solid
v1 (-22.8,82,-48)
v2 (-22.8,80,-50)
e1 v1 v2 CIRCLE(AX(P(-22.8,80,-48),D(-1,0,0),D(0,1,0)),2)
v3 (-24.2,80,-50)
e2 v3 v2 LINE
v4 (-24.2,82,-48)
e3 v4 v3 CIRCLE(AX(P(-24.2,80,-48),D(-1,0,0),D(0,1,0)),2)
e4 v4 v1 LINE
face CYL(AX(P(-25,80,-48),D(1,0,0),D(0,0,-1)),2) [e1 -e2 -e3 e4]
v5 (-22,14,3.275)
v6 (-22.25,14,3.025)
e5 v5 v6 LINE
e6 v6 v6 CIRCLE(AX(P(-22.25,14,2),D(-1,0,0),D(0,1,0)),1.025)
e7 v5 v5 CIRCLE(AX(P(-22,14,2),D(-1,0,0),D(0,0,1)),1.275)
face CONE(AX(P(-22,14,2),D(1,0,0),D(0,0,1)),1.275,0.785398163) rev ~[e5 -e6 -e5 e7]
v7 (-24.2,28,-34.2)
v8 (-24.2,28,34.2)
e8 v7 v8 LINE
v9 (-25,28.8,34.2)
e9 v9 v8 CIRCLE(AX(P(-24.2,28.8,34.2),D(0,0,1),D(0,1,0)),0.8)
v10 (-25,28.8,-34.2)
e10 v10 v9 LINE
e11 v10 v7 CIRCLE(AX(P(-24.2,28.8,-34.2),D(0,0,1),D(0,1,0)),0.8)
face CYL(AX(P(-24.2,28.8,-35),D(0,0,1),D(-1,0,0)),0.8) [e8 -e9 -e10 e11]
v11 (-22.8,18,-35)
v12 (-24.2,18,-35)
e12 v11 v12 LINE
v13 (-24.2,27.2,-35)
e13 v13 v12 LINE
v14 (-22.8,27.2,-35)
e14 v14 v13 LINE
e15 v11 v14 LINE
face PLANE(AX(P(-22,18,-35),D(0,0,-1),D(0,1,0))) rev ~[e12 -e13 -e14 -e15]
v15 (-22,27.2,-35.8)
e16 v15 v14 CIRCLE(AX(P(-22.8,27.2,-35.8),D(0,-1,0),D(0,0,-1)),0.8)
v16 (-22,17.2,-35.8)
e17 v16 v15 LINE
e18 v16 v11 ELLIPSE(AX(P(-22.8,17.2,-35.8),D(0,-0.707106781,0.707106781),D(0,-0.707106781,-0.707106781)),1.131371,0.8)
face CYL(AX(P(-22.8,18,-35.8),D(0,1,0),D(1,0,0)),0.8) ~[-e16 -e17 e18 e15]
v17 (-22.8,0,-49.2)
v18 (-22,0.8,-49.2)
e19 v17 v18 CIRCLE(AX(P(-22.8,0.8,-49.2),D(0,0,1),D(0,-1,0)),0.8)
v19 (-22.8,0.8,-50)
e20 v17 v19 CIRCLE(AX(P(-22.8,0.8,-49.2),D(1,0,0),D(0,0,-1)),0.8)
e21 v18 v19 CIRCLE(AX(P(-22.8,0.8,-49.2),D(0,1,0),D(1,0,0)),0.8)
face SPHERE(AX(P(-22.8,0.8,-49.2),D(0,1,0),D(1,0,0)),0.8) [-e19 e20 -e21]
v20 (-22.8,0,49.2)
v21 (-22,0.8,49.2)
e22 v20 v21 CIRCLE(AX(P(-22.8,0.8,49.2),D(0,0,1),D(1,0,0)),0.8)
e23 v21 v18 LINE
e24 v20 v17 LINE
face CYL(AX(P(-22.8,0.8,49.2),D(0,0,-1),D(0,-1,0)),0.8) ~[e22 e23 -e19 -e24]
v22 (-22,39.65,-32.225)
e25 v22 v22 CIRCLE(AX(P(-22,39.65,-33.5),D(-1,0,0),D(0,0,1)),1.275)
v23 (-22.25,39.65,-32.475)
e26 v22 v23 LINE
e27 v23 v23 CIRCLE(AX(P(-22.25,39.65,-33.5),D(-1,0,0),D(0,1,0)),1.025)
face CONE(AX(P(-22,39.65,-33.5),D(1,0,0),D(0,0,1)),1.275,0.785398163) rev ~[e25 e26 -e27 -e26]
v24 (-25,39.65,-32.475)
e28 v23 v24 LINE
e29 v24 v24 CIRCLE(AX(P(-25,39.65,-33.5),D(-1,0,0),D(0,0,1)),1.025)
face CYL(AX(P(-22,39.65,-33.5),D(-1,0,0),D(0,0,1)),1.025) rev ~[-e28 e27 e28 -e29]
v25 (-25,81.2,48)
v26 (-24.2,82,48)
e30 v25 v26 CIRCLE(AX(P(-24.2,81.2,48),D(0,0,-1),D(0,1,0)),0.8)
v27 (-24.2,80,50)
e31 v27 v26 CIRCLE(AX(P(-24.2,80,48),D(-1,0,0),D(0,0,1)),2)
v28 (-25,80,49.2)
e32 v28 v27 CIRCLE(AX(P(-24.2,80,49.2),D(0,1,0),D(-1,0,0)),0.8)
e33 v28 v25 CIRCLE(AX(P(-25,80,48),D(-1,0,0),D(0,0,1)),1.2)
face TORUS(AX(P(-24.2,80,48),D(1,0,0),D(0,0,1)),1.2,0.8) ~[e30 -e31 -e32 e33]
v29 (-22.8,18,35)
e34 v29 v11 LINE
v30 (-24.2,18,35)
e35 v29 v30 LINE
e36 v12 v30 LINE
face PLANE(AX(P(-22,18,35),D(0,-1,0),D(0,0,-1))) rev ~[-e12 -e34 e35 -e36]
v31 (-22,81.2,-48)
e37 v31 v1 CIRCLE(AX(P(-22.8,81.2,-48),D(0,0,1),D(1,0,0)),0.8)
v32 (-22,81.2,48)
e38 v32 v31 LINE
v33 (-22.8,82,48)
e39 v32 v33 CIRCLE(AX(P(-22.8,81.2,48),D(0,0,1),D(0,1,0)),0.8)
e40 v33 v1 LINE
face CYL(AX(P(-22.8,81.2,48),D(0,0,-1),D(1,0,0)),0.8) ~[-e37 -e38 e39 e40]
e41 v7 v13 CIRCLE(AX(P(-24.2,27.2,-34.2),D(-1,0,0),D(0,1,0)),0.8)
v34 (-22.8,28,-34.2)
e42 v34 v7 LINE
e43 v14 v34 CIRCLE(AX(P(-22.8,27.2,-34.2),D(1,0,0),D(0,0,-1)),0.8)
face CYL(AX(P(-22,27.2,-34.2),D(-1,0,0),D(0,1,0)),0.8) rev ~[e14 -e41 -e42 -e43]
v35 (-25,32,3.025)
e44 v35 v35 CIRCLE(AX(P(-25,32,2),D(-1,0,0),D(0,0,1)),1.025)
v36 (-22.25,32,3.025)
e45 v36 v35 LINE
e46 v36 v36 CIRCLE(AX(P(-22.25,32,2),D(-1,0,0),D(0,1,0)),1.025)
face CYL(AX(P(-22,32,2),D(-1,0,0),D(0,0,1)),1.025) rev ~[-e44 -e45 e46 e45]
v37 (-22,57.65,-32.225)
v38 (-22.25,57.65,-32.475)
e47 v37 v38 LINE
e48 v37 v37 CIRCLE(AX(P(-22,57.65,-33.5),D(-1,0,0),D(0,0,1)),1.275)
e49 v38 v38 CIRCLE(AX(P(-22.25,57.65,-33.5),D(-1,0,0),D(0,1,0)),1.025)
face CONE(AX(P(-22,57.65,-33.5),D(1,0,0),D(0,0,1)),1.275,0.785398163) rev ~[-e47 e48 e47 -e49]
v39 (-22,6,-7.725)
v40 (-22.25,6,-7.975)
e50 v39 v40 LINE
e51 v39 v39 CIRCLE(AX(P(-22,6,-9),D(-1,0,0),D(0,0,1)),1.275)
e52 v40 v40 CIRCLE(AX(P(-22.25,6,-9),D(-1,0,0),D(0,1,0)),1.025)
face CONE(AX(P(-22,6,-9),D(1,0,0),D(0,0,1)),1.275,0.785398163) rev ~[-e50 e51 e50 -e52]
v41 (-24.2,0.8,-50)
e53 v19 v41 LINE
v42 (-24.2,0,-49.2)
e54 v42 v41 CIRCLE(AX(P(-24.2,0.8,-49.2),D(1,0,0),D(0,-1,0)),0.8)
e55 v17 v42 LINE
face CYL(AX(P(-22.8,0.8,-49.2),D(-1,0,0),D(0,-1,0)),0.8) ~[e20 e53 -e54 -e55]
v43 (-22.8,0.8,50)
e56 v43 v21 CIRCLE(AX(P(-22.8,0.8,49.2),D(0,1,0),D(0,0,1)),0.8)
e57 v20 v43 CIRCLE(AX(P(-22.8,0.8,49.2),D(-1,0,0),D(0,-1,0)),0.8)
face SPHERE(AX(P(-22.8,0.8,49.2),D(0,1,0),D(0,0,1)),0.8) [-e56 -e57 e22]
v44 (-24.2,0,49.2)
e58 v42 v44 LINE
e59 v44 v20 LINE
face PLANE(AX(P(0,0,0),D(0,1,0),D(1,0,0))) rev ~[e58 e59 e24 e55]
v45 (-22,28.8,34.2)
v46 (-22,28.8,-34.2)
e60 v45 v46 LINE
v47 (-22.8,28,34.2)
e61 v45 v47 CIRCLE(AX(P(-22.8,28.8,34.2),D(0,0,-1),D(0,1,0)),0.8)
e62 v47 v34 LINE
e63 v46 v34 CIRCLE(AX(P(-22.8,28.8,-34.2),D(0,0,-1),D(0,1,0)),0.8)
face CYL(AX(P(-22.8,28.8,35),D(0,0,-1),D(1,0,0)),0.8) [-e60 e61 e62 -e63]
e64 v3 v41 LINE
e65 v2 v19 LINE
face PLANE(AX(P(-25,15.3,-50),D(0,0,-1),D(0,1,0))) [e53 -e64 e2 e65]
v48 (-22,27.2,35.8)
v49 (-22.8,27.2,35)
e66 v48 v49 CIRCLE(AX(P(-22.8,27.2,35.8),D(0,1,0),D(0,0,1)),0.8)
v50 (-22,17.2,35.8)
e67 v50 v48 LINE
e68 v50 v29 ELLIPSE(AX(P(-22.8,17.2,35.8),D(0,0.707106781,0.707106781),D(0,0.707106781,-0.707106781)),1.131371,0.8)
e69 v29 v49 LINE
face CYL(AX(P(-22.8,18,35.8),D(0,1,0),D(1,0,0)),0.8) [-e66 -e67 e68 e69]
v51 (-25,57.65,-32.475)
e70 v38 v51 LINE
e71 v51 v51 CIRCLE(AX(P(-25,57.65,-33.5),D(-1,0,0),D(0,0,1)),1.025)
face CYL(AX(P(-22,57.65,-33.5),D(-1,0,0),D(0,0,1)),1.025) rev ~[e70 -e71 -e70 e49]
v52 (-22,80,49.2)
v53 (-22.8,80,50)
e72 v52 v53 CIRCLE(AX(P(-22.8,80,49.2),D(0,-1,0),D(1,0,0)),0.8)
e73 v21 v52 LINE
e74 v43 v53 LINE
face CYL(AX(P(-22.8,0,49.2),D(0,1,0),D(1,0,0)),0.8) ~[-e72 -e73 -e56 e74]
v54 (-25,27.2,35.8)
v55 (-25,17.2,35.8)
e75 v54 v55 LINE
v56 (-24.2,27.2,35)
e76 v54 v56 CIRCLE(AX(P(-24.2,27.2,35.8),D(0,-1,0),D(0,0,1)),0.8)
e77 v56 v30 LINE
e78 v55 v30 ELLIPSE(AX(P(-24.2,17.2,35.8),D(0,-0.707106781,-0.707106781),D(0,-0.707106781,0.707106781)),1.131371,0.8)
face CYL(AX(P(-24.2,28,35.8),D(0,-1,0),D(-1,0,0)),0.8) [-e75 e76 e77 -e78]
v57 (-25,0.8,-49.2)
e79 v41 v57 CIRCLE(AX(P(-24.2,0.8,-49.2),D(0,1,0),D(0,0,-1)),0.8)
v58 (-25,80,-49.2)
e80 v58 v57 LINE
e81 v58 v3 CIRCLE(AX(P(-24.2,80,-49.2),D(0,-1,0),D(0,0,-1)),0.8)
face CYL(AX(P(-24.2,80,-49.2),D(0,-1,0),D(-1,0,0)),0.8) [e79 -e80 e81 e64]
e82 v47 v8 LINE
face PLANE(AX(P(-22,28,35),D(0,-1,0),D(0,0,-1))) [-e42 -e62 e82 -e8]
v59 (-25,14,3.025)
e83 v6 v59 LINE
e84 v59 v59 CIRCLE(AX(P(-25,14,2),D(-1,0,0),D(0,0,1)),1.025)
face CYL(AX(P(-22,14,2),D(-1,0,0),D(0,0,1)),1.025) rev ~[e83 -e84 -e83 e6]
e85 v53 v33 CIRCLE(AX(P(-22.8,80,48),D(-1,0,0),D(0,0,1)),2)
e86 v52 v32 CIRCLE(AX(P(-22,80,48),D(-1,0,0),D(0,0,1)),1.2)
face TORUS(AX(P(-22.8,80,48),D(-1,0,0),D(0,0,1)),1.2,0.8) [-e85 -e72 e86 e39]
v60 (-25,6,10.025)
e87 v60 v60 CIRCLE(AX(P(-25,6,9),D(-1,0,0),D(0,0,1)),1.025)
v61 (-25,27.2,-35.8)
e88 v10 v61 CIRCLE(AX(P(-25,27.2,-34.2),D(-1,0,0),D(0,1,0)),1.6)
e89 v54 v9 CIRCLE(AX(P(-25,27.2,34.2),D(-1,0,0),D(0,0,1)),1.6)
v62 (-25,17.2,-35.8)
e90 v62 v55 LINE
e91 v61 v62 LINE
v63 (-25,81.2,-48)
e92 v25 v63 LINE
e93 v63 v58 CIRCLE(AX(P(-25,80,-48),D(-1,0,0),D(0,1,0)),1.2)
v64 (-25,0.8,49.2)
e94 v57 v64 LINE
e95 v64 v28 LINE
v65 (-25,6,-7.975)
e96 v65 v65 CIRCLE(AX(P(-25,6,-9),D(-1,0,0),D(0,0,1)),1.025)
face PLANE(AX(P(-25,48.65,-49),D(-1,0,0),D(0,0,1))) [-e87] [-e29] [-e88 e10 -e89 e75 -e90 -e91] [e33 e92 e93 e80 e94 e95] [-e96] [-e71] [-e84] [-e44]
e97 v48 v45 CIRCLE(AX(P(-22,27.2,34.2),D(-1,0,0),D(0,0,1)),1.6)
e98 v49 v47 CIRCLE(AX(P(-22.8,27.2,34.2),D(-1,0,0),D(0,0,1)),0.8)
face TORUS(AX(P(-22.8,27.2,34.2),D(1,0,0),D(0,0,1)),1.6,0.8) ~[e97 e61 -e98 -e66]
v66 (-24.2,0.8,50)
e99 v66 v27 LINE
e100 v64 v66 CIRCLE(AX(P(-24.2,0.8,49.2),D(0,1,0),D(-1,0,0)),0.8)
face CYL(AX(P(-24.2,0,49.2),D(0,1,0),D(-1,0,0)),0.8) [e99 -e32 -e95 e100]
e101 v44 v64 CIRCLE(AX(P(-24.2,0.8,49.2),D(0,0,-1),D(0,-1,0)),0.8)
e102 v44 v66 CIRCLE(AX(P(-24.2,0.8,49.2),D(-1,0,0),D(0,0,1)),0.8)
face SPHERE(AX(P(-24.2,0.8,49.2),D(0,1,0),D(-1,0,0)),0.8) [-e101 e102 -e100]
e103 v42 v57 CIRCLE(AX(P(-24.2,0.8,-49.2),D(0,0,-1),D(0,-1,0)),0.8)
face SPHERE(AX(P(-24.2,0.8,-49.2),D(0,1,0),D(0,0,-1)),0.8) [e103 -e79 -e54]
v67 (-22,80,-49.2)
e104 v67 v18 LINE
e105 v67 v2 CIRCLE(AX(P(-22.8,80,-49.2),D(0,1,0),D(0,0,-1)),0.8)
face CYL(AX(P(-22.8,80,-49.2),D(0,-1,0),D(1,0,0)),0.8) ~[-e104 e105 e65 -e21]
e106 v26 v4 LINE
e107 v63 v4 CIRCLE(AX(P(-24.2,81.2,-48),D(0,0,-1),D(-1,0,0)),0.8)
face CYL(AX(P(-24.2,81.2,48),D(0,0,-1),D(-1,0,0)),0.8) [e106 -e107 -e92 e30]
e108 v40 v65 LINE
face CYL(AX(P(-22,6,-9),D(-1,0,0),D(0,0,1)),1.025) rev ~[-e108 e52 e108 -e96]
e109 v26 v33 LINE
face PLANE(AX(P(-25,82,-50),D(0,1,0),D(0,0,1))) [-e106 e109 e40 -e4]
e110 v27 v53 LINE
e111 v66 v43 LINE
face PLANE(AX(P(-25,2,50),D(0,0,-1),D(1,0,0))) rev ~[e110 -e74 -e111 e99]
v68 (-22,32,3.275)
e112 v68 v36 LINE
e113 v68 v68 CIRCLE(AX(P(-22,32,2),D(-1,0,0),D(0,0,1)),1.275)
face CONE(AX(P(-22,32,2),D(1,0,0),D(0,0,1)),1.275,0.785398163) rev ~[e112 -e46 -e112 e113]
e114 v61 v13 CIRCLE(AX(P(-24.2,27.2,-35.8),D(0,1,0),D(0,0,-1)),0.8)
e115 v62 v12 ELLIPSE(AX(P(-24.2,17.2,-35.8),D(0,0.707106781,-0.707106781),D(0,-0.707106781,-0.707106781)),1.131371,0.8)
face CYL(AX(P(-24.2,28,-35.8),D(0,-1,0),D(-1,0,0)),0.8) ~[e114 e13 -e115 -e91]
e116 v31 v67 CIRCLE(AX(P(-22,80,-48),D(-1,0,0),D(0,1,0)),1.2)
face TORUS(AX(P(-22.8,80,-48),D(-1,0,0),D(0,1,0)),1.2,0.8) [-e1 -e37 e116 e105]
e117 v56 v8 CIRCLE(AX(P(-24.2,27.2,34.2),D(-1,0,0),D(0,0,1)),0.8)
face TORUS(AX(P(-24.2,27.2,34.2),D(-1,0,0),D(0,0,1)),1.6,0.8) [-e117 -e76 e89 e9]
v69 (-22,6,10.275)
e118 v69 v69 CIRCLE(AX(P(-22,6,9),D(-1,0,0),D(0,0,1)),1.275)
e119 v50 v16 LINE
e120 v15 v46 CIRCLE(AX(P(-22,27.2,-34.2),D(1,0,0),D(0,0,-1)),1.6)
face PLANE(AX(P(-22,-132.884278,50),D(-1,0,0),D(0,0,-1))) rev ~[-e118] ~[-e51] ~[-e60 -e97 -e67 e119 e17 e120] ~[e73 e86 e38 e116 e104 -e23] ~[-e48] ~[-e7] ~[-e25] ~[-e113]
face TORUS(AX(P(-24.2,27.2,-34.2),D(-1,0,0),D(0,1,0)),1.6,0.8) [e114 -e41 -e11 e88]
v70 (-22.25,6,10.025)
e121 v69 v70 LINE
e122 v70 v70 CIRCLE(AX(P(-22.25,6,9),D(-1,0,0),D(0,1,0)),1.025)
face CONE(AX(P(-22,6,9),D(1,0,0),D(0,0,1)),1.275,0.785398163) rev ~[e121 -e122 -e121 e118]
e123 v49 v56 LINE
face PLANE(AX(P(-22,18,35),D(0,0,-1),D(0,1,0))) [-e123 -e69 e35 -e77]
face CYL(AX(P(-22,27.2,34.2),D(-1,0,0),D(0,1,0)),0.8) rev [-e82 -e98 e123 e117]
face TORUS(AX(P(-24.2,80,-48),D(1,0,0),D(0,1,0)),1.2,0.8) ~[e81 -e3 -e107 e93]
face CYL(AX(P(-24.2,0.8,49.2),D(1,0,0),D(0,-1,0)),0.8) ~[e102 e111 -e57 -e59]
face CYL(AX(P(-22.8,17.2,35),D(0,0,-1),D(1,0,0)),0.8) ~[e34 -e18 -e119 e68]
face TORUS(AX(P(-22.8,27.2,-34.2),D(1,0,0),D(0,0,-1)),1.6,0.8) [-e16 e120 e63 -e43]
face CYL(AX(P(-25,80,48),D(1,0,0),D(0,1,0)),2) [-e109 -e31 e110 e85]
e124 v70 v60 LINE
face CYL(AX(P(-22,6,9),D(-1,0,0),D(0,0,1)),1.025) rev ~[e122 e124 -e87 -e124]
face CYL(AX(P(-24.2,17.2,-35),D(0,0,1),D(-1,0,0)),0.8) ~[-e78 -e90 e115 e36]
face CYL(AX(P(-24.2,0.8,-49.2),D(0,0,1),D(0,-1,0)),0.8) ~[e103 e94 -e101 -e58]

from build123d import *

# Parameters (mm, degrees)
SKETCH_1_W                     = 50
SKETCH_1_H                     = 100
EXTRUDE_1_DEPTH                = 2
SKETCH_2_W                     = 3
SKETCH_2_H                     = 100
EXTRUDE_2_DEPTH                = 80
SKETCH_3_W                     = 2
SKETCH_3_H                     = 66.7
EXTRUDE_3_DEPTH                = 70
CUT_EXTRUDE_4_REACH            = 162.465
SKETCH_8_W                     = 2
SKETCH_8_H                     = 66.7
EXTRUDE_4_DEPTH                = 70
CUT_EXTRUDE_5_REACH            = 140.25
HOLE_WIZARD_M3_1_D             = 2.5
HOLE_WIZARD_M3_1_DEPTH         = 2
HOLE_WIZARD_M3_1_CSINK_D       = 3.05
HOLE_WIZARD_M3_1_CSINK_ANGLE   = 90
FILLET_1_R                     = 2
CUT_EXTRUDE_6_REACH            = 140.25
SKETCH_12_R                    = 11
CUT_EXTRUDE_7_REACH            = 162.465
SKETCH_13_R                    = 14.5
SKETCH_14_W                    = 2
SKETCH_14_H                    = 66.7
EXTRUDE_5_DEPTH                = 70
CUT_EXTRUDE_8_REACH            = 156.14
SKETCH_15_R                    = 5.1
CUT_EXTRUDE_9_DEPTH            = 155.140358116
CUT_EXTRUDE_9_DEPTH_BACK       = 155.140358116
SKETCH_19_W                    = 2
SKETCH_19_H                    = 66.7
CUT_EXTRUDE_10_DEPTH           = 119.844436134
FILLET_2_R                     = 2
CUT_EXTRUDE_12_DEPTH           = 134.88427839
CUT_EXTRUDE_12_DEPTH_BACK      = 134.88427839
SKETCH_20_W                    = 47
SKETCH_20_H                    = 100
SKETCH_20_W_2                  = 70
SKETCH_20_H_2                  = 2
HOLE_WIZARD_M2_5_1_D           = 2.05
HOLE_WIZARD_M2_5_1_CSINK_D     = 2.55
HOLE_WIZARD_M2_5_1_CSINK_ANGLE = 90
SKETCH_23_W                    = 70
SKETCH_23_H                    = 10
CUT_EXTRUDE_13_DEPTH           = 97.088500873
FILLET_3_R                     = 0.8
FILLET_4_R                     = 0.8


with BuildPart() as part:
    # 草图1 → 凸台-拉伸1 (new body)
    with BuildSketch(Plane(origin=(0, 0, 0), x_dir=(1, 0, 0), z_dir=(0, 1, 0))):
        Rectangle(SKETCH_1_W, SKETCH_1_H)
    extrude(amount=EXTRUDE_1_DEPTH)

    # 草图2 → 凸台-拉伸2 (add)
    with BuildSketch(Plane(origin=(0, 2, 0), x_dir=(1, 0, 0), z_dir=(0, 1, 0))):
        with Locations((-23.5, 0)):
            Rectangle(SKETCH_2_W, SKETCH_2_H)
    extrude(amount=EXTRUDE_2_DEPTH)

    # 草图3 → 凸台-拉伸3 (add)
    with BuildSketch(Plane.ZY.offset(25)):
        with Locations((-49, 48.65)):
            Rectangle(SKETCH_3_W, SKETCH_3_H)
    extrude(amount=EXTRUDE_3_DEPTH)

    # 草图4 → 切除-拉伸4 (cut, up to next)
    with BuildSketch(Plane(origin=(0, 0, -50), x_dir=(-1, 0, 0), z_dir=(0, 0, -1)), mode=Mode.PRIVATE) as cut_extrude_4_sk1:
        with BuildLine():
            Line((95, 82), (61.65, 82))
            ThreePointArc((61.65, 82), (85.232011153, 72.232011153), (95, 48.65))
            Line((95, 48.65), (95, 82))
        make_face()
    cut_extrude_4_tool1 = extrude(cut_extrude_4_sk1.sketch, amount=-CUT_EXTRUDE_4_REACH, mode=Mode.PRIVATE) & part.part
    # 草图4 → 切除-拉伸4 (cut, up to next)
    with BuildSketch(Plane(origin=(0, 0, -50), x_dir=(-1, 0, 0), z_dir=(0, 0, -1)), mode=Mode.PRIVATE) as cut_extrude_4_sk2:
        with BuildLine():
            ThreePointArc((95, 48.65), (85.232011153, 25.067988847), (61.65, 15.3))
            Line((61.65, 15.3), (95, 15.3))
            Line((95, 15.3), (95, 48.65))
        make_face()
    cut_extrude_4_tool2 = extrude(cut_extrude_4_sk2.sketch, amount=-CUT_EXTRUDE_4_REACH, mode=Mode.PRIVATE) & part.part
    add(cut_extrude_4_tool1.solids().sort_by_distance((-87.550679, 74.550679, -50))[0], mode=Mode.SUBTRACT)
    add(cut_extrude_4_tool2.solids().sort_by_distance((-87.550679, 22.749321, -50))[0], mode=Mode.SUBTRACT)

    # 草图8 → 凸台-拉伸4 (add)
    with BuildSketch(Plane.ZY.offset(25)):
        with Locations((7, 48.65)):
            Rectangle(SKETCH_8_W, SKETCH_8_H)
    extrude(amount=EXTRUDE_4_DEPTH)

    # 草图9 → 切除-拉伸5 (cut, up to next)
    with BuildSketch(Plane.XY.offset(8), mode=Mode.PRIVATE) as cut_extrude_5_sk1:
        with BuildLine():
            ThreePointArc((-95, 48.65), (-85.232011153, 72.232011153), (-61.65, 82))
            Line((-61.65, 82), (-95, 82))
            Line((-95, 82), (-95, 48.65))
        make_face()
    cut_extrude_5_tool1 = extrude(cut_extrude_5_sk1.sketch, amount=-CUT_EXTRUDE_5_REACH, mode=Mode.PRIVATE) & part.part
    # 草图9 → 切除-拉伸5 (cut, up to next)
    with BuildSketch(Plane.XY.offset(8), mode=Mode.PRIVATE) as cut_extrude_5_sk2:
        with BuildLine():
            ThreePointArc((-61.65, 15.3), (-85.232011153, 25.067988847), (-95, 48.65))
            Line((-95, 48.65), (-95, 15.3))
            Line((-95, 15.3), (-61.65, 15.3))
        make_face()
    cut_extrude_5_tool2 = extrude(cut_extrude_5_sk2.sketch, amount=-CUT_EXTRUDE_5_REACH, mode=Mode.PRIVATE) & part.part
    add(cut_extrude_5_tool1.solids().sort_by_distance((-87.550679, 74.550679, 8))[0], mode=Mode.SUBTRACT)
    add(cut_extrude_5_tool2.solids().sort_by_distance((-87.550679, 22.749321, 8))[0], mode=Mode.SUBTRACT)

    # M3 螺纹孔1
    with Locations(Plane.XY.offset(8)):
        with Locations((-78.970508076, 38.65), (-61.65, 68.65), (-44.329491924, 38.65)):
            CounterSinkHole(HOLE_WIZARD_M3_1_D / 2, HOLE_WIZARD_M3_1_CSINK_D / 2, depth=HOLE_WIZARD_M3_1_DEPTH, counter_sink_angle=HOLE_WIZARD_M3_1_CSINK_ANGLE)

    # 圆角1
    fillet_1_edges = [part.edges().sort_by_distance(p)[0] for p in [
        (-23.5, 82, 50),
        (25, 1, 50),
        (25, 1, -50),
    ]]
    fillet(fillet_1_edges, radius=FILLET_1_R)

    # 草图12 → 切除-拉伸6 (cut, up to next)
    with BuildSketch(Plane.XY.offset(8), mode=Mode.PRIVATE) as cut_extrude_6_sk1:
        with Locations((-61.65, 48.65)):
            Circle(SKETCH_12_R)
    cut_extrude_6_tool1 = extrude(cut_extrude_6_sk1.sketch, amount=-CUT_EXTRUDE_6_REACH, mode=Mode.PRIVATE) & part.part
    add(cut_extrude_6_tool1.solids().sort_by_distance((-61.65, 48.65, 8))[0], mode=Mode.SUBTRACT)

    # 草图13 → 切除-拉伸7 (cut, up to next)
    with BuildSketch(Plane(origin=(0, 0, -50), x_dir=(-1, 0, 0), z_dir=(0, 0, -1)), mode=Mode.PRIVATE) as cut_extrude_7_sk1:
        with Locations((61.65, 48.65)):
            Circle(SKETCH_13_R)
    cut_extrude_7_tool1 = extrude(cut_extrude_7_sk1.sketch, amount=-CUT_EXTRUDE_7_REACH, mode=Mode.PRIVATE) & part.part
    add(cut_extrude_7_tool1.solids().sort_by_distance((-61.65, 48.65, -50))[0], mode=Mode.SUBTRACT)

    # 草图14 → 凸台-拉伸5 (add)
    with BuildSketch(Plane.ZY.offset(25)):
        with Locations((-38.5, 48.65)):
            Rectangle(SKETCH_14_W, SKETCH_14_H)
    extrude(amount=EXTRUDE_5_DEPTH)

    # 草图15 → 切除-拉伸8 (cut, up to next)
    with BuildSketch(Plane(origin=(0, 0, -39.5), x_dir=(-1, 0, 0), z_dir=(0, 0, -1)), mode=Mode.PRIVATE) as cut_extrude_8_sk1:
        with Locations(Location((61.65, 48.65, 0), (0, 0, 90))):
            Circle(SKETCH_15_R)
    cut_extrude_8_tool1 = extrude(cut_extrude_8_sk1.sketch, amount=-CUT_EXTRUDE_8_REACH, mode=Mode.PRIVATE) & part.part
    add(cut_extrude_8_tool1.solids().sort_by_distance((-61.65, 48.65, -39.5))[0], mode=Mode.SUBTRACT)

    # 草图18 → 切除-拉伸9 (cut, two sides: drawn at the far end of the back side and taken through both)
    with BuildSketch(Plane(origin=(0, 0, -39.5), x_dir=(-1, 0, 0), z_dir=(0, 0, -1)).offset(-CUT_EXTRUDE_9_DEPTH_BACK)):
        with BuildLine():
            Line((95, 15.3), (95, 48.65))
            ThreePointArc((95, 48.65), (85.232011153, 25.067988847), (61.65, 15.3))
            Line((61.65, 15.3), (95, 15.3))
        make_face()
        with BuildLine():
            Line((95, 48.65), (95, 82))
            Line((95, 82), (61.65, 82))
            ThreePointArc((61.65, 82), (85.232011153, 72.232011153), (95, 48.65))
        make_face()
    extrude(amount=CUT_EXTRUDE_9_DEPTH + CUT_EXTRUDE_9_DEPTH_BACK, mode=Mode.SUBTRACT)

    # 草图19 → 切除-拉伸10 (cut, through all)
    with BuildSketch(Plane.ZY.offset(25)):
        with Locations((-49, 48.65)):
            Rectangle(SKETCH_19_W, SKETCH_19_H)
    extrude(amount=CUT_EXTRUDE_10_DEPTH, mode=Mode.SUBTRACT)

    # 圆角2
    fillet_2_edges = [part.edges().sort_by_distance(p)[0] for p in [
        (-23.5, 82, -50),
    ]]
    fillet(fillet_2_edges, radius=FILLET_2_R)

    # 草图20 → 切除-拉伸12 (cut, two sides: drawn at the far end of the back side and taken through both)
    with BuildSketch(Plane(origin=(0, 2, 0), x_dir=(1, 0, 0), z_dir=(0, 1, 0)).offset(-CUT_EXTRUDE_12_DEPTH_BACK)):
        with Locations((1.5, 0)):
            Rectangle(SKETCH_20_W, SKETCH_20_H)
        with Locations((-60, 38.5)):
            Rectangle(SKETCH_20_W_2, SKETCH_20_H_2)
        with Locations((-60, -7)):
            Rectangle(SKETCH_20_W_2, SKETCH_20_H_2)
    extrude(amount=CUT_EXTRUDE_12_DEPTH + CUT_EXTRUDE_12_DEPTH_BACK, mode=Mode.SUBTRACT)

    # M2.5 螺纹孔1 (through all)
    with Locations(Plane(origin=(-22, 0, 0), x_dir=(0, 0, -1), z_dir=(1, 0, 0))):
        with Locations((-2, 14), (-9, 6), (9, 6), (33.5, 57.65), (33.5, 39.65), (-2, 32)):
            CounterSinkHole(HOLE_WIZARD_M2_5_1_D / 2, HOLE_WIZARD_M2_5_1_CSINK_D / 2, counter_sink_angle=HOLE_WIZARD_M2_5_1_CSINK_ANGLE)

    # 草图23 → 切除-拉伸13 (cut, through all)
    with BuildSketch(Plane(origin=(-22, 0, 0), x_dir=(0, 0, -1), z_dir=(1, 0, 0))):
        with Locations((0, 23)):
            Rectangle(SKETCH_23_W, SKETCH_23_H)
    extrude(amount=-CUT_EXTRUDE_13_DEPTH, mode=Mode.SUBTRACT)

    # 圆角3
    fillet_3_edges = [part.edges().sort_by_distance(p)[0] for p in [
        (-22, 82, 0),
        (-22, 40, 50),
        (-22, 81.414213562, 49.414213562),
        (-25, 40, 50),
        (-25, 81.414213562, 49.414213562),
        (-25, 40, -50),
        (-25, 81.414213562, -49.414213562),
        (-22, 40, -50),
        (-22, 81.414213562, -49.414213562),
        (-25, 23, 35),
        (-25, 28, 0),
        (-23.5, 28, 35),
        (-25, 23, -35),
        (-23.5, 28, -35),
        (-25, 18, 0),
        (-22, 23, 35),
        (-22, 18, 0),
        (-22, 23, -35),
        (-22, 28, 0),
        (-25, 82, 0),
    ]]
    fillet(fillet_3_edges, radius=FILLET_3_R)

    # 圆角4
    fillet_4_edges = [part.edges().sort_by_distance(p)[0] for p in [
        (-25, 0, 0),
        (-22, 0, 0),
        (-23.5, 0, 50),
        (-23.5, 0, -50),
        (-22.234314575, 0, -49.765685425),
        (-24.765685425, 0, -49.765685425),
        (-22.234314575, 0, 49.765685425),
        (-24.765685425, 0, 49.765685425),
    ]]
    fillet(fillet_4_edges, radius=FILLET_4_R)


solid = part.part
